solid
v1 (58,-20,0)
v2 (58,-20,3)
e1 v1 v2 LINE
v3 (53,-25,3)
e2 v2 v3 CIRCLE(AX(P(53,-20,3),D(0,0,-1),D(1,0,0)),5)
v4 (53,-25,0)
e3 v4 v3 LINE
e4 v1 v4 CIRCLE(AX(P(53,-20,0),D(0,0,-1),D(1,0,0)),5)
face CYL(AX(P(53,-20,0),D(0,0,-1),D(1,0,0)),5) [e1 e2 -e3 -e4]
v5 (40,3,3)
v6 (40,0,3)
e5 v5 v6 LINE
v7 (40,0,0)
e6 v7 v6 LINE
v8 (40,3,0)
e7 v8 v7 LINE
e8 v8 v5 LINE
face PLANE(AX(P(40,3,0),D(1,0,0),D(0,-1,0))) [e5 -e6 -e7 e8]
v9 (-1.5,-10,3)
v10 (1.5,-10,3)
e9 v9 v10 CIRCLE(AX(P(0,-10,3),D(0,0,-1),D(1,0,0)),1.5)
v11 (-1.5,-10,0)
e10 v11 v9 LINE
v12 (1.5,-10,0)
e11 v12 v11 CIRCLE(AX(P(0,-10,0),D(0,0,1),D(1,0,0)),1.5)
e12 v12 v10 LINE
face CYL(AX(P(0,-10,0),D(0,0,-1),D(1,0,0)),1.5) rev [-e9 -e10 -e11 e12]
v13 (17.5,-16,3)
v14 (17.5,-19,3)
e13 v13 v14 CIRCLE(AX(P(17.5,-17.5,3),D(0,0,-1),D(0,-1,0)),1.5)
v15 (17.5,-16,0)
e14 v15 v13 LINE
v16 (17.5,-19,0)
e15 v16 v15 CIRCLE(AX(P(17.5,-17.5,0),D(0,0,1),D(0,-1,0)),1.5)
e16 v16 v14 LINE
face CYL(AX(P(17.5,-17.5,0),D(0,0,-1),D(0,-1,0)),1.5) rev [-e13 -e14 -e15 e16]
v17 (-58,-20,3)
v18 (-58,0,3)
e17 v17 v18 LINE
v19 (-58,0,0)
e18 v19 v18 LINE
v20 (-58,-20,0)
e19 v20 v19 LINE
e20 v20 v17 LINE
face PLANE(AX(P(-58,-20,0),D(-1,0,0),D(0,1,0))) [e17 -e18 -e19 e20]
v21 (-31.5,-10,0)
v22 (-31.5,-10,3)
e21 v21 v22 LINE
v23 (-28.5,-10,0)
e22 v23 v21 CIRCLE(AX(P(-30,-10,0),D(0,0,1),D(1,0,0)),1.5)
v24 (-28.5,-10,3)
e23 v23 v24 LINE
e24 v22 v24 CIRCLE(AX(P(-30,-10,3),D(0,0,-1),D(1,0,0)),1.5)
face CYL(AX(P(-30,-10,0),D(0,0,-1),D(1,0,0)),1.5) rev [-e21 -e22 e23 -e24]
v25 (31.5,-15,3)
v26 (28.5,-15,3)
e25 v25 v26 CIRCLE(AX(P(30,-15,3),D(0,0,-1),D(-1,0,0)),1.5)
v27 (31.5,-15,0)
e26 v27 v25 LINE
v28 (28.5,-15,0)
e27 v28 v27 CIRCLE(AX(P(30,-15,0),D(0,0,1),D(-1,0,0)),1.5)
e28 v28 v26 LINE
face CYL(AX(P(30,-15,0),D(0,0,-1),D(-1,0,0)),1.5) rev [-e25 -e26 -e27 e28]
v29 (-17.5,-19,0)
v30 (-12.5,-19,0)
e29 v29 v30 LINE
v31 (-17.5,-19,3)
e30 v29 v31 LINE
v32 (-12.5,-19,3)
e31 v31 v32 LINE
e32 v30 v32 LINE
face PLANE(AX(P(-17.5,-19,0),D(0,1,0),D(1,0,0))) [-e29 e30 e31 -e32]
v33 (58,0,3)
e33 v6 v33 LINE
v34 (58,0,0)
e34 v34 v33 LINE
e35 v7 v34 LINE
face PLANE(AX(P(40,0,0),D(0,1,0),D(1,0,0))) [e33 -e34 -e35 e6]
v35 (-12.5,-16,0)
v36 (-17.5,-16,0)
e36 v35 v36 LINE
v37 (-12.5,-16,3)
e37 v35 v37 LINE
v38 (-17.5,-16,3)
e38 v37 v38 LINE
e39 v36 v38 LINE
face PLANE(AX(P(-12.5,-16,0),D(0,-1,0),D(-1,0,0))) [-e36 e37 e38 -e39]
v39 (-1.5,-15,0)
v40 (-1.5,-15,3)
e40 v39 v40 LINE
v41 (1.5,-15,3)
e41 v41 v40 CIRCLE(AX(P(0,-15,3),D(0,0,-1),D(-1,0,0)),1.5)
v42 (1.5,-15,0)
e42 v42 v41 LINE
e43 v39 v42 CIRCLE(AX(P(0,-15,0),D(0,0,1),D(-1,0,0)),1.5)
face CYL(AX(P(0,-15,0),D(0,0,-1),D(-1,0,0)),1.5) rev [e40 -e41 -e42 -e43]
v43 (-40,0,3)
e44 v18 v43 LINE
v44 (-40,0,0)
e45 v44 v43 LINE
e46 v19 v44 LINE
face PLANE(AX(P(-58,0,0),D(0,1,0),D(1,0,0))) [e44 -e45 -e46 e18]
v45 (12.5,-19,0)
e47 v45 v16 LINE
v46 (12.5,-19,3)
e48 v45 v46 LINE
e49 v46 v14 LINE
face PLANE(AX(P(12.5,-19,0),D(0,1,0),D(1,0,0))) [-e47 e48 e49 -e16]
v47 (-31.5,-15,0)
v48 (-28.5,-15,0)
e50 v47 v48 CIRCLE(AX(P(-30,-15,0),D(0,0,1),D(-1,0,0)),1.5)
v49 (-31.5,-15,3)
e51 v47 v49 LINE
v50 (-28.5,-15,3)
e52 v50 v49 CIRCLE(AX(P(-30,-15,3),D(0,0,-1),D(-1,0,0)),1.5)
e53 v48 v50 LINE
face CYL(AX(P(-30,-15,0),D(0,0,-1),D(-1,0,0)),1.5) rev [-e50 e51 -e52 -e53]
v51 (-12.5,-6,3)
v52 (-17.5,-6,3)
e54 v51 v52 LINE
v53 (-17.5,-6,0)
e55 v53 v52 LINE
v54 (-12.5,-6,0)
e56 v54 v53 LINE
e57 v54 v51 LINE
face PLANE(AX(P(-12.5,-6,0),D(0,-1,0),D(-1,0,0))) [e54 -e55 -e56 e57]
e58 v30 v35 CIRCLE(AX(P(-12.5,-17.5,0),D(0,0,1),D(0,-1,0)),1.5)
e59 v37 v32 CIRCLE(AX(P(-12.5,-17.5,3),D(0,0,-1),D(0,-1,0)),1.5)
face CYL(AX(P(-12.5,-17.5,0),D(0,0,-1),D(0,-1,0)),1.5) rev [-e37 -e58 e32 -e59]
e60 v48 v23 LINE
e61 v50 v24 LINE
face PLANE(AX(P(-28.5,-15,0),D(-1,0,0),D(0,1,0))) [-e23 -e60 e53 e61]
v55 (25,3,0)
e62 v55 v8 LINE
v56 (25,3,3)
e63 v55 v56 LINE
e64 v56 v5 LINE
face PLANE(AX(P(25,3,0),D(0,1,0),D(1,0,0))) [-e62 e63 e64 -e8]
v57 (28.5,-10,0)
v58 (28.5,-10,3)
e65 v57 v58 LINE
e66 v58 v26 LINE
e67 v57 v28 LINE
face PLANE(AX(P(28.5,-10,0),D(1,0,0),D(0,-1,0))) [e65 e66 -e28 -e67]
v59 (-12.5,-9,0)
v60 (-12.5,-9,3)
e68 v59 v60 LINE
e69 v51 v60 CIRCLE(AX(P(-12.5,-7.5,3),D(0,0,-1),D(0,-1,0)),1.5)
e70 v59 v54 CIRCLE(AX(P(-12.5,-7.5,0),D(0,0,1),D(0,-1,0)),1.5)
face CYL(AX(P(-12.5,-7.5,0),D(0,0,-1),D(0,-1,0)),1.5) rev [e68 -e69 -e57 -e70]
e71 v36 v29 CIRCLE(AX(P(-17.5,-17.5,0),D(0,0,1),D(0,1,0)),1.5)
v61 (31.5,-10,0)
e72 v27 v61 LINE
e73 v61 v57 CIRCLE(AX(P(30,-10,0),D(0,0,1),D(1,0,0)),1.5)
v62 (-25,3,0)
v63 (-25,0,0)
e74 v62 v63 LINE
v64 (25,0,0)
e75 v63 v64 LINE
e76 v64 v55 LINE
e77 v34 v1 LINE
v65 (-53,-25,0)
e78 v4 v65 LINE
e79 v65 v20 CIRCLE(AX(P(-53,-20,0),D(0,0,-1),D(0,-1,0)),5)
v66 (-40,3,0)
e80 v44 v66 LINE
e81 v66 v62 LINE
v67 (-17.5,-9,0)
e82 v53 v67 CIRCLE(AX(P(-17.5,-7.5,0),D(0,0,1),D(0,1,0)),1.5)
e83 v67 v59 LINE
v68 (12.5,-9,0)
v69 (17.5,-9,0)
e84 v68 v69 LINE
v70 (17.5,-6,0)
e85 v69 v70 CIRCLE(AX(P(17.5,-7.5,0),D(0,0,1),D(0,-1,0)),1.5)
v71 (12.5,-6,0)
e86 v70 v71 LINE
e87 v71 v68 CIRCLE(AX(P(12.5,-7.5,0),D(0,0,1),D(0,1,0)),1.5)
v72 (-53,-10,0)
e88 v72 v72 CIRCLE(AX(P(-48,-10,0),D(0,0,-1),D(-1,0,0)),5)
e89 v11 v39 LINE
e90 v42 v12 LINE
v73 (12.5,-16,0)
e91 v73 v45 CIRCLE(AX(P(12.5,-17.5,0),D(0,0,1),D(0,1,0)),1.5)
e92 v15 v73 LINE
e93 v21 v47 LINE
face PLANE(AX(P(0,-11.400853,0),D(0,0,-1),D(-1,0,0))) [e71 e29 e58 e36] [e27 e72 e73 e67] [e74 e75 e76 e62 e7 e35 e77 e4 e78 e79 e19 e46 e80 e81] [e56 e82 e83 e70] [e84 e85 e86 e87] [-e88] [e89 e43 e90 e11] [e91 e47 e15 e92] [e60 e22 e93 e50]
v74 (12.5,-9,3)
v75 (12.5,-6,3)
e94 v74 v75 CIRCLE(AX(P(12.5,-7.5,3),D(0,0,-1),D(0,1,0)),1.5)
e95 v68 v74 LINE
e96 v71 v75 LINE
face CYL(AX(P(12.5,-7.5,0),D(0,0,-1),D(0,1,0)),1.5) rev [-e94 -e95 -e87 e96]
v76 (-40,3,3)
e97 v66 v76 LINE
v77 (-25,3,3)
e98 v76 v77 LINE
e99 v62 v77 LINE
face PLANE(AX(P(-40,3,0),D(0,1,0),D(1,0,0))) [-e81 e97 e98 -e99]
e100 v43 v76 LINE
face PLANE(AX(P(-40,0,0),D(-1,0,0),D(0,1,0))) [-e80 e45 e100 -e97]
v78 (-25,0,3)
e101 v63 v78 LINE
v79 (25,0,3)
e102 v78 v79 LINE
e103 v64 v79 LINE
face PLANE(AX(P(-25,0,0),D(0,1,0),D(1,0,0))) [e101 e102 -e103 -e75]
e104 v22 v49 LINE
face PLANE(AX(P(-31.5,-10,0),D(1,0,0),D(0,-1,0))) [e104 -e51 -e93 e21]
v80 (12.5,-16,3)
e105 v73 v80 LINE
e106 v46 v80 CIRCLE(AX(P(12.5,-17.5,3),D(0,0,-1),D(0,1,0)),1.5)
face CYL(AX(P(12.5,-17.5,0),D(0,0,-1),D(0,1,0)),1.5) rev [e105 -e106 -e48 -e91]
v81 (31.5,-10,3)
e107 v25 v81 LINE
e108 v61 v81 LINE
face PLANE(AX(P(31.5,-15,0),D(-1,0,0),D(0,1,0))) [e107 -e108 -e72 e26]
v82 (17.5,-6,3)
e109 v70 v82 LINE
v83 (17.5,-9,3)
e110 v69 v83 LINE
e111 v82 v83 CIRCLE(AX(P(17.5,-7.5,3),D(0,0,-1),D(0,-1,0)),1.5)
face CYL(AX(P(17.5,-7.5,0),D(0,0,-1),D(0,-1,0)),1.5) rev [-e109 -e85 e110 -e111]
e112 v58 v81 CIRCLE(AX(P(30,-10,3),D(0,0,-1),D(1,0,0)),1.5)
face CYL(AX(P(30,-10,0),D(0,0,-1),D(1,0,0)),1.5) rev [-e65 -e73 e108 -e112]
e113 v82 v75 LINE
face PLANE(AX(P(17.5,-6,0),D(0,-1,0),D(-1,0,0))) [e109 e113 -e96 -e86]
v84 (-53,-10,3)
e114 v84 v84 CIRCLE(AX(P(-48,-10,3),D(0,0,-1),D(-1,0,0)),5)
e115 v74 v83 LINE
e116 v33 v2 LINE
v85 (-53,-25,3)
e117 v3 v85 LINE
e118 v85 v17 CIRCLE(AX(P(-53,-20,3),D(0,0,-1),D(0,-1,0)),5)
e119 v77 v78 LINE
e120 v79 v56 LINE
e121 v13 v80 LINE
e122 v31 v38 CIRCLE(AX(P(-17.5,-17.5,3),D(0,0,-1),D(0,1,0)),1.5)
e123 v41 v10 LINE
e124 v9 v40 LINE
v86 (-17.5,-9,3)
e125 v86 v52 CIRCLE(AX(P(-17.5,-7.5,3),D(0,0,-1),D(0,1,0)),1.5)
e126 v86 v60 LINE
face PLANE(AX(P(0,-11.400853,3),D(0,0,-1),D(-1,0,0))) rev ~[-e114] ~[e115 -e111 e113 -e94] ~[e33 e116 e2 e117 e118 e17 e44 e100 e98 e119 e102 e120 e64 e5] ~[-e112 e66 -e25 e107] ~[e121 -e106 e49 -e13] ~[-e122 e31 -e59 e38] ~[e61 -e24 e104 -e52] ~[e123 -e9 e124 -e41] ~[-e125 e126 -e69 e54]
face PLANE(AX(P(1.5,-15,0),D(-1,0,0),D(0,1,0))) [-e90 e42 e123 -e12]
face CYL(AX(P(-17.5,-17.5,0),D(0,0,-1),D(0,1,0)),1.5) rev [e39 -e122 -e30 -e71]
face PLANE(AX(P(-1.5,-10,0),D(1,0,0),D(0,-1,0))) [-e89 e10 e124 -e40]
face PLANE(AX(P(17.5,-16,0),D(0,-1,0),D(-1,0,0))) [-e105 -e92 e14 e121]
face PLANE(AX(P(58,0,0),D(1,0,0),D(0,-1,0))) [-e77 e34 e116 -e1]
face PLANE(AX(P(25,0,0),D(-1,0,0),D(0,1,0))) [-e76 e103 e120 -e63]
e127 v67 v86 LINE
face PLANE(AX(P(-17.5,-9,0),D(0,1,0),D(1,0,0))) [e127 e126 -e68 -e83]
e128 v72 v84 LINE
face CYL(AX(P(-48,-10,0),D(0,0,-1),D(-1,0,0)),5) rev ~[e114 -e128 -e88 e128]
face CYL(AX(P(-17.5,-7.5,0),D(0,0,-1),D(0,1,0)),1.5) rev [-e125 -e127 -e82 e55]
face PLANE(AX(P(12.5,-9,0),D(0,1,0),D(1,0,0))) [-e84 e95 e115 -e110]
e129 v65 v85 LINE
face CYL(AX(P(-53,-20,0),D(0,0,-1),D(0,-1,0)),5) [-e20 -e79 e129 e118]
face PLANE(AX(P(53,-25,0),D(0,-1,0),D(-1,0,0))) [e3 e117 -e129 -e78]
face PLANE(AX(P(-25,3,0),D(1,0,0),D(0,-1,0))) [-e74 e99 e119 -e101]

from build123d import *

# Parameters (mm, degrees)
BOSS_EXTRUDE1_DEPTH = 3
SKETCH3_R           = 5
CUT_EXTRUDE2_DEPTH  = 64.229739838
CUT_EXTRUDE3_DEPTH  = 64.229739838


with BuildPart() as part:
    # Sketch1 → Boss-Extrude1 (new body)
    with BuildSketch(Plane.XY):
        with BuildLine():
            Line((-25, 0), (25, 0))
            Line((25, 0), (25, 3))
            Line((25, 3), (40, 3))
            Line((40, 3), (40, 0))
            Line((40, 0), (58, 0))
            Line((58, 0), (58, -20))
            ThreePointArc((58, -20), (56.535533906, -23.535533906), (53, -25))
            Line((53, -25), (-53, -25))
            ThreePointArc((-53, -25), (-56.535533906, -23.535533906), (-58, -20))
            Line((-58, -20), (-58, 0))
            Line((-58, 0), (-40, 0))
            Line((-40, 0), (-40, 3))
            Line((-40, 3), (-25, 3))
            Line((-25, 3), (-25, 0))
        make_face()
    extrude(amount=BOSS_EXTRUDE1_DEPTH)

    # Sketch3 → Cut-Extrude2 (cut, through all)
    with BuildSketch(Plane(origin=(0, 0, 0), x_dir=(-1, 0, 0), z_dir=(0, 0, -1))):
        with Locations((48, -10)):
            Circle(SKETCH3_R)
    extrude(amount=-CUT_EXTRUDE2_DEPTH, mode=Mode.SUBTRACT)

    # Sketch4 → Cut-Extrude3 (cut, through all)
    with BuildSketch(Plane(origin=(0, 0, 0), x_dir=(-1, 0, 0), z_dir=(0, 0, -1))):
        with BuildLine():
            Line((-28.5, -10), (-28.5, -15))
            ThreePointArc((-28.5, -15), (-30, -16.5), (-31.5, -15))
            Line((-31.5, -15), (-31.5, -10))
            ThreePointArc((-31.5, -10), (-30, -8.5), (-28.5, -10))
        make_face()
        with BuildLine():
            Line((-17.5, -6), (-12.5, -6))
            ThreePointArc((-12.5, -6), (-11, -7.5), (-12.5, -9))
            Line((-12.5, -9), (-17.5, -9))
            ThreePointArc((-17.5, -9), (-19, -7.5), (-17.5, -6))
        make_face()
        with BuildLine():
            Line((-1.5, -15), (-1.5, -10))
            ThreePointArc((-1.5, -10), (0, -8.5), (1.5, -10))
            Line((1.5, -10), (1.5, -15))
            ThreePointArc((1.5, -15), (0, -16.5), (-1.5, -15))
        make_face()
        with BuildLine():
            Line((28.5, -15), (28.5, -10))
            ThreePointArc((28.5, -10), (30, -8.5), (31.5, -10))
            Line((31.5, -10), (31.5, -15))
            ThreePointArc((31.5, -15), (30, -16.5), (28.5, -15))
        make_face()
        with BuildLine():
            Line((12.5, -6), (17.5, -6))
            ThreePointArc((17.5, -6), (19, -7.5), (17.5, -9))
            Line((17.5, -9), (12.5, -9))
            ThreePointArc((12.5, -9), (11, -7.5), (12.5, -6))
        make_face()
        with BuildLine():
            Line((12.5, -16), (17.5, -16))
            ThreePointArc((17.5, -16), (19, -17.5), (17.5, -19))
            Line((17.5, -19), (12.5, -19))
            ThreePointArc((12.5, -19), (11, -17.5), (12.5, -16))
        make_face()
        with BuildLine():
            Line((-17.5, -16), (-12.5, -16))
            ThreePointArc((-12.5, -16), (-11, -17.5), (-12.5, -19))
            Line((-12.5, -19), (-17.5, -19))
            ThreePointArc((-17.5, -19), (-19, -17.5), (-17.5, -16))
        make_face()
    extrude(amount=-CUT_EXTRUDE3_DEPTH, mode=Mode.SUBTRACT)


solid = part.part
